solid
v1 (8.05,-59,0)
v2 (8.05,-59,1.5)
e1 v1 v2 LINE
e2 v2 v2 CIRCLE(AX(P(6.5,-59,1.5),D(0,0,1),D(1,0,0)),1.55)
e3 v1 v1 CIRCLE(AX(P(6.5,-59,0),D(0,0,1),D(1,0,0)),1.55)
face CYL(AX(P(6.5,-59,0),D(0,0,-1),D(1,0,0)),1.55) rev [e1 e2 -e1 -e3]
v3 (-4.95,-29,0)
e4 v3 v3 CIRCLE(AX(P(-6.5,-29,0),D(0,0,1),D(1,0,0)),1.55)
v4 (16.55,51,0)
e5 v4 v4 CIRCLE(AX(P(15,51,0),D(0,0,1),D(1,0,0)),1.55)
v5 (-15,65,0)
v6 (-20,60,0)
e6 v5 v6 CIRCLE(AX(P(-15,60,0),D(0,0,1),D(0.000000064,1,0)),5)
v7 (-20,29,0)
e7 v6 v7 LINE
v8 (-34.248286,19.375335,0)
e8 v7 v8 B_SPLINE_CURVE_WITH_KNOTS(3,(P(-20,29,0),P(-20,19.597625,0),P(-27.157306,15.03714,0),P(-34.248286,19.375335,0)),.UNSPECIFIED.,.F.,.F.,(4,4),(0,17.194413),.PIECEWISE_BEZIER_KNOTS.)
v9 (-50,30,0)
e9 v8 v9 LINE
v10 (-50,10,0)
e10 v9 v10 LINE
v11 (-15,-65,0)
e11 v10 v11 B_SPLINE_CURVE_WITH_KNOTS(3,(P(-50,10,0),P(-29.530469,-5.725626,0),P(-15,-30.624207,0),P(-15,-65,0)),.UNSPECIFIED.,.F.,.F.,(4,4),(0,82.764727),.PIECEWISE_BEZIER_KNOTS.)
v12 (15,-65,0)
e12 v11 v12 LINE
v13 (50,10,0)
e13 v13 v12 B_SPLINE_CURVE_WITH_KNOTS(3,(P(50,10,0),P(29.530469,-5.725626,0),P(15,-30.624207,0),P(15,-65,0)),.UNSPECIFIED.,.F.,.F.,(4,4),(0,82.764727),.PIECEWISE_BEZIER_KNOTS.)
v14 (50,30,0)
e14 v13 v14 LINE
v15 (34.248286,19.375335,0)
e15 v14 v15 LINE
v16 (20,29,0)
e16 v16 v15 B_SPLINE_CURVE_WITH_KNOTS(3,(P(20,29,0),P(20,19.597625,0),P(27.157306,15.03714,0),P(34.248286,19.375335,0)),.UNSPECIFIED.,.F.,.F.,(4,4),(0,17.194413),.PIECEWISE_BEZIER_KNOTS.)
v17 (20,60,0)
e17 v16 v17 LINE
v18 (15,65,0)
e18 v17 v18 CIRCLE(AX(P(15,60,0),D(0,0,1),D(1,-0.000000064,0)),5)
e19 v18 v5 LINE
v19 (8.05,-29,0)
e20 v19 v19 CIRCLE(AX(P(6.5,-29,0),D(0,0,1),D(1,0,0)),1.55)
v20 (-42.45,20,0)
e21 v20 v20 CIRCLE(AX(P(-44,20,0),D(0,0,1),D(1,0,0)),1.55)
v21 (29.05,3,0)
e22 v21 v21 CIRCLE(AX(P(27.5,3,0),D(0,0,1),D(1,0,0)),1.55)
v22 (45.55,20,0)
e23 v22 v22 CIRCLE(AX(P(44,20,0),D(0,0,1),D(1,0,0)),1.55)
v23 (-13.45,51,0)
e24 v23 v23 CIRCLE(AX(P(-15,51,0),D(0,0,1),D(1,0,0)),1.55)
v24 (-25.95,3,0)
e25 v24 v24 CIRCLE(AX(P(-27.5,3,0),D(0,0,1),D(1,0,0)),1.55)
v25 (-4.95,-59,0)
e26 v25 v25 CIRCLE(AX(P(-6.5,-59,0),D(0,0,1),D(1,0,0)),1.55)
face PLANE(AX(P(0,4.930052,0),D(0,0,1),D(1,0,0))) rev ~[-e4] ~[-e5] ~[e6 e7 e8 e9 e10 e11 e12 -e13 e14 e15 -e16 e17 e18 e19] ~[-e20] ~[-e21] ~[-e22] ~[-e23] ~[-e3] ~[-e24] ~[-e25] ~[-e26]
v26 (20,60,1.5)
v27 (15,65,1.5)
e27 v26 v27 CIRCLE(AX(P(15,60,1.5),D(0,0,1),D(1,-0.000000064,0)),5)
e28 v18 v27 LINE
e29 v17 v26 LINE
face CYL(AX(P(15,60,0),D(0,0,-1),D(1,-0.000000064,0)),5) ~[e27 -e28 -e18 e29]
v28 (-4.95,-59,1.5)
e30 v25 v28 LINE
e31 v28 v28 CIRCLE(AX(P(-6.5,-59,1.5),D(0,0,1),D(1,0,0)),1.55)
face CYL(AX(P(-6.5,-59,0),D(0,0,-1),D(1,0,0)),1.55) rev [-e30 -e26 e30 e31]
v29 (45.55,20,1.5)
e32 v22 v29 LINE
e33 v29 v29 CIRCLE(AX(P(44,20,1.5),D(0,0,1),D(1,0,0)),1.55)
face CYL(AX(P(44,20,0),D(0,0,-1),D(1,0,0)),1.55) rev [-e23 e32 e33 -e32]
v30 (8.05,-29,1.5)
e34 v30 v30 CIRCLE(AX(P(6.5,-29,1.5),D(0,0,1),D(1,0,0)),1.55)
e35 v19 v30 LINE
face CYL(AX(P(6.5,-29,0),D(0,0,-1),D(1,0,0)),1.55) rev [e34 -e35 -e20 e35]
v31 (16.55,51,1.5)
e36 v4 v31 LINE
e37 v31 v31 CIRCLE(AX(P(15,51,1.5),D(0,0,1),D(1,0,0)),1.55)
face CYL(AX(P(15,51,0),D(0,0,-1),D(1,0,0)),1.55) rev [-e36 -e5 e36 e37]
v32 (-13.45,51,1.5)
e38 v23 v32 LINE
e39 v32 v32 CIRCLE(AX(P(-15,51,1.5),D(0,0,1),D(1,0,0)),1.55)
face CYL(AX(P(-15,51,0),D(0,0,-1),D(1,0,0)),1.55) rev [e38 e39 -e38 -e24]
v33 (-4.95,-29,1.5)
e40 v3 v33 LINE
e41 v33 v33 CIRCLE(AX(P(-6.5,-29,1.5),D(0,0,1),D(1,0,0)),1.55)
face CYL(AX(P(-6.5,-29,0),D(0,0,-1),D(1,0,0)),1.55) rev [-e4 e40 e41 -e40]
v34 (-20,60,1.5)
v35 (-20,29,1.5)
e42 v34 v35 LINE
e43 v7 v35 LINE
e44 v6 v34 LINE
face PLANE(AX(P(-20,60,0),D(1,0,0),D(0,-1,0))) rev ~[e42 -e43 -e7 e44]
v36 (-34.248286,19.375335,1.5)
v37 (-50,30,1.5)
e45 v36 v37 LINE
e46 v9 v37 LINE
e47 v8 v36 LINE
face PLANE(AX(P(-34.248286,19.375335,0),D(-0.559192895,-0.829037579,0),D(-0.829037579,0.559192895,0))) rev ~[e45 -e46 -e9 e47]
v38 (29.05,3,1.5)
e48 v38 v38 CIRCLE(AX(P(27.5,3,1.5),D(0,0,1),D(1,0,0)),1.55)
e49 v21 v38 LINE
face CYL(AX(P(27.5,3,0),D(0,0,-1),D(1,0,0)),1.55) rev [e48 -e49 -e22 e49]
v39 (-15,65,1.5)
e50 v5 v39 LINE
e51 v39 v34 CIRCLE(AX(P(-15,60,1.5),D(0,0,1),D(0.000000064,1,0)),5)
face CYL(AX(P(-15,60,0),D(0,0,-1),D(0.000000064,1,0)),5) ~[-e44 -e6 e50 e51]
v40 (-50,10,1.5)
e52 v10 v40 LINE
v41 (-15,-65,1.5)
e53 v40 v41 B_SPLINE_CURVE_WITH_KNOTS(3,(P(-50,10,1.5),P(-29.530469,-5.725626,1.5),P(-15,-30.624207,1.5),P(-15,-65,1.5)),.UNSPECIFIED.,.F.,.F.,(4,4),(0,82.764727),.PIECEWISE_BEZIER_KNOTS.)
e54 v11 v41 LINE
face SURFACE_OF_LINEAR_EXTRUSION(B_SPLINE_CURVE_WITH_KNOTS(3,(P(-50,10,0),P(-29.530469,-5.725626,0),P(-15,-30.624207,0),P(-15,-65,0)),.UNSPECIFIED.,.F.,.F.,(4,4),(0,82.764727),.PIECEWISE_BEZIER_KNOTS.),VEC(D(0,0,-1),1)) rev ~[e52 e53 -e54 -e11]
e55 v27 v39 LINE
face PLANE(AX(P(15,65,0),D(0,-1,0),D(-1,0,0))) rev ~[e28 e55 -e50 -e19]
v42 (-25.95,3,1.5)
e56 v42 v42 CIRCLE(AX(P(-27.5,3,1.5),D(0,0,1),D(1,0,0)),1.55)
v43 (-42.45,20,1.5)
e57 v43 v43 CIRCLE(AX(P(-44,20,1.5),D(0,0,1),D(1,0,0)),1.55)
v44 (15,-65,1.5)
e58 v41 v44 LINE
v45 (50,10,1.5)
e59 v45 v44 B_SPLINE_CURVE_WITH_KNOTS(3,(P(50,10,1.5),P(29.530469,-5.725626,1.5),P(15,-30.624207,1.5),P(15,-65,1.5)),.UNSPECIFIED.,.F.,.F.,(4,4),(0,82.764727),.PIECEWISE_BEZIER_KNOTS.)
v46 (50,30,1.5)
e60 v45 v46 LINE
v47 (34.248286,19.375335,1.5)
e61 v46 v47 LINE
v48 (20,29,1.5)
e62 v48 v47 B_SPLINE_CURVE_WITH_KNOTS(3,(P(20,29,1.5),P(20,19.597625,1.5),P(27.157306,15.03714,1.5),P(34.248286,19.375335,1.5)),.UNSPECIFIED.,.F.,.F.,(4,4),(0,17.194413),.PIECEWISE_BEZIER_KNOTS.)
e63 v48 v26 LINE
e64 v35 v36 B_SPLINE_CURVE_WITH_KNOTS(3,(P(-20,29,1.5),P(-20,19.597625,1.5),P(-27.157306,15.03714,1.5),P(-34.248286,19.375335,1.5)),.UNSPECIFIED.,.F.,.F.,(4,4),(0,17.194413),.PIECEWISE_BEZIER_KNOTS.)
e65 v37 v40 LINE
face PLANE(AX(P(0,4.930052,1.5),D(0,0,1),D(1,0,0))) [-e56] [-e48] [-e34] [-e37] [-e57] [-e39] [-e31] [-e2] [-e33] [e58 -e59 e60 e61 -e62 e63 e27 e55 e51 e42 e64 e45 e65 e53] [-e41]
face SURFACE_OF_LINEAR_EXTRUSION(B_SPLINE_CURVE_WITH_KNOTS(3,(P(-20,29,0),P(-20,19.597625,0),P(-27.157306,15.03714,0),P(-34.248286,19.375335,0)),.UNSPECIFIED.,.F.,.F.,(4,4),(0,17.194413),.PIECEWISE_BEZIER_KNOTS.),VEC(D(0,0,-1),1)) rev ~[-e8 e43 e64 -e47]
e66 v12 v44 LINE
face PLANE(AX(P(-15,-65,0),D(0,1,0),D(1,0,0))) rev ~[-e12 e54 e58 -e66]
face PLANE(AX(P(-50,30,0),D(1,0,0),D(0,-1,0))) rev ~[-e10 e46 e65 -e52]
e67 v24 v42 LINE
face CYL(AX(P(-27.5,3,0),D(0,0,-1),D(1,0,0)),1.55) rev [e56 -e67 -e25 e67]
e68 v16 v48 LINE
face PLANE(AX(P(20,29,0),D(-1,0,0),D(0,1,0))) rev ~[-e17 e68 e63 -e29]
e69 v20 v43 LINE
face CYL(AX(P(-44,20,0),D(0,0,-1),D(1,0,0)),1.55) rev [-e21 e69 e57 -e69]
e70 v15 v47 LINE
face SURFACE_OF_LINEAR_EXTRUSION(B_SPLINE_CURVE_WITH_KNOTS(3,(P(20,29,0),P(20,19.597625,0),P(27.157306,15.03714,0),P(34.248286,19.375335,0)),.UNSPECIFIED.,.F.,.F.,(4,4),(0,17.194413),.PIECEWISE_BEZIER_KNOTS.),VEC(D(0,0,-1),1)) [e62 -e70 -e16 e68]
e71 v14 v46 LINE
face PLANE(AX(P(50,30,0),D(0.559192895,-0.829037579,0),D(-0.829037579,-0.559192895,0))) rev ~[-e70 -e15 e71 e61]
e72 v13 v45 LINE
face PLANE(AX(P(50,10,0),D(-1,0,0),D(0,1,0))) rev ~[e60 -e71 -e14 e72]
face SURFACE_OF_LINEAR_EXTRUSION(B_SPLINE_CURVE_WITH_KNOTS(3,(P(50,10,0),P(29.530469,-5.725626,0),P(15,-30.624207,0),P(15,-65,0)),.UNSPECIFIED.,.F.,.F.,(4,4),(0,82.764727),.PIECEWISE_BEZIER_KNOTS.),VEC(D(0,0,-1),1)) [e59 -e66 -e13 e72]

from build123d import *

# Parameters (mm, degrees)
F1_R     = 1.55
F2_DEPTH = 1.5


with BuildPart() as f2:
    # F1 (on Top) → F2 (new body)
    with BuildSketch(Plane.XY):
        with BuildLine():
            Line((15, 65), (0, 65))
            Line((0, 65), (-15, 65))
            ThreePointArc((-15, 65), (-18.535534, 63.535534), (-20, 60))
            Line((-20, 60), (-20, 29))
            add(Edge.make_bspline(
                [(-20, 29), (-20, 19.597625), (-27.157306, 15.03714), (-34.248286, 19.375335)],
                knots=[0, 0, 0, 0, 17.194413, 17.194413, 17.194413, 17.194413], degree=3))
            Line((-34.248286, 19.375335), (-50, 30))
            Line((-50, 30), (-50, 10))
            add(Edge.make_bspline(
                [(-50, 10), (-29.530469, -5.725626), (-15, -30.624207), (-15, -65)],
                knots=[0, 0, 0, 0, 82.764727, 82.764727, 82.764727, 82.764727], degree=3))
            Line((-15, -65), (0, -65))
            Line((0, -65), (15, -65))
            add(Edge.make_bspline(
                [(50, 10), (29.530469, -5.725626), (15, -30.624207), (15, -65)],
                knots=[0, 0, 0, 0, 82.764727, 82.764727, 82.764727, 82.764727], degree=3))
            Line((50, 10), (50, 30))
            Line((50, 30), (34.248286, 19.375335))
            add(Edge.make_bspline(
                [(20, 29), (20, 19.597625), (27.157306, 15.03714), (34.248286, 19.375335)],
                knots=[0, 0, 0, 0, 17.194413, 17.194413, 17.194413, 17.194413], degree=3))
            Line((20, 29), (20, 60))
            ThreePointArc((20, 60), (18.535534, 63.535534), (15, 65))
        make_face()
        with Locations((-6.5, -59)):
            Circle(F1_R, mode=Mode.SUBTRACT)
        with Locations((-6.5, -29)):
            Circle(F1_R, mode=Mode.SUBTRACT)
        with Locations((6.5, -59)):
            Circle(F1_R, mode=Mode.SUBTRACT)
        with Locations((6.5, -29)):
            Circle(F1_R, mode=Mode.SUBTRACT)
        with Locations((-27.5, 3)):
            Circle(F1_R, mode=Mode.SUBTRACT)
        with Locations((-44, 20)):
            Circle(F1_R, mode=Mode.SUBTRACT)
        with Locations((-15, 51)):
            Circle(F1_R, mode=Mode.SUBTRACT)
        with Locations((27.5, 3)):
            Circle(F1_R, mode=Mode.SUBTRACT)
        with Locations((44, 20)):
            Circle(F1_R, mode=Mode.SUBTRACT)
        with Locations((15, 51)):
            Circle(F1_R, mode=Mode.SUBTRACT)
    extrude(amount=F2_DEPTH)


solid = f2.part
